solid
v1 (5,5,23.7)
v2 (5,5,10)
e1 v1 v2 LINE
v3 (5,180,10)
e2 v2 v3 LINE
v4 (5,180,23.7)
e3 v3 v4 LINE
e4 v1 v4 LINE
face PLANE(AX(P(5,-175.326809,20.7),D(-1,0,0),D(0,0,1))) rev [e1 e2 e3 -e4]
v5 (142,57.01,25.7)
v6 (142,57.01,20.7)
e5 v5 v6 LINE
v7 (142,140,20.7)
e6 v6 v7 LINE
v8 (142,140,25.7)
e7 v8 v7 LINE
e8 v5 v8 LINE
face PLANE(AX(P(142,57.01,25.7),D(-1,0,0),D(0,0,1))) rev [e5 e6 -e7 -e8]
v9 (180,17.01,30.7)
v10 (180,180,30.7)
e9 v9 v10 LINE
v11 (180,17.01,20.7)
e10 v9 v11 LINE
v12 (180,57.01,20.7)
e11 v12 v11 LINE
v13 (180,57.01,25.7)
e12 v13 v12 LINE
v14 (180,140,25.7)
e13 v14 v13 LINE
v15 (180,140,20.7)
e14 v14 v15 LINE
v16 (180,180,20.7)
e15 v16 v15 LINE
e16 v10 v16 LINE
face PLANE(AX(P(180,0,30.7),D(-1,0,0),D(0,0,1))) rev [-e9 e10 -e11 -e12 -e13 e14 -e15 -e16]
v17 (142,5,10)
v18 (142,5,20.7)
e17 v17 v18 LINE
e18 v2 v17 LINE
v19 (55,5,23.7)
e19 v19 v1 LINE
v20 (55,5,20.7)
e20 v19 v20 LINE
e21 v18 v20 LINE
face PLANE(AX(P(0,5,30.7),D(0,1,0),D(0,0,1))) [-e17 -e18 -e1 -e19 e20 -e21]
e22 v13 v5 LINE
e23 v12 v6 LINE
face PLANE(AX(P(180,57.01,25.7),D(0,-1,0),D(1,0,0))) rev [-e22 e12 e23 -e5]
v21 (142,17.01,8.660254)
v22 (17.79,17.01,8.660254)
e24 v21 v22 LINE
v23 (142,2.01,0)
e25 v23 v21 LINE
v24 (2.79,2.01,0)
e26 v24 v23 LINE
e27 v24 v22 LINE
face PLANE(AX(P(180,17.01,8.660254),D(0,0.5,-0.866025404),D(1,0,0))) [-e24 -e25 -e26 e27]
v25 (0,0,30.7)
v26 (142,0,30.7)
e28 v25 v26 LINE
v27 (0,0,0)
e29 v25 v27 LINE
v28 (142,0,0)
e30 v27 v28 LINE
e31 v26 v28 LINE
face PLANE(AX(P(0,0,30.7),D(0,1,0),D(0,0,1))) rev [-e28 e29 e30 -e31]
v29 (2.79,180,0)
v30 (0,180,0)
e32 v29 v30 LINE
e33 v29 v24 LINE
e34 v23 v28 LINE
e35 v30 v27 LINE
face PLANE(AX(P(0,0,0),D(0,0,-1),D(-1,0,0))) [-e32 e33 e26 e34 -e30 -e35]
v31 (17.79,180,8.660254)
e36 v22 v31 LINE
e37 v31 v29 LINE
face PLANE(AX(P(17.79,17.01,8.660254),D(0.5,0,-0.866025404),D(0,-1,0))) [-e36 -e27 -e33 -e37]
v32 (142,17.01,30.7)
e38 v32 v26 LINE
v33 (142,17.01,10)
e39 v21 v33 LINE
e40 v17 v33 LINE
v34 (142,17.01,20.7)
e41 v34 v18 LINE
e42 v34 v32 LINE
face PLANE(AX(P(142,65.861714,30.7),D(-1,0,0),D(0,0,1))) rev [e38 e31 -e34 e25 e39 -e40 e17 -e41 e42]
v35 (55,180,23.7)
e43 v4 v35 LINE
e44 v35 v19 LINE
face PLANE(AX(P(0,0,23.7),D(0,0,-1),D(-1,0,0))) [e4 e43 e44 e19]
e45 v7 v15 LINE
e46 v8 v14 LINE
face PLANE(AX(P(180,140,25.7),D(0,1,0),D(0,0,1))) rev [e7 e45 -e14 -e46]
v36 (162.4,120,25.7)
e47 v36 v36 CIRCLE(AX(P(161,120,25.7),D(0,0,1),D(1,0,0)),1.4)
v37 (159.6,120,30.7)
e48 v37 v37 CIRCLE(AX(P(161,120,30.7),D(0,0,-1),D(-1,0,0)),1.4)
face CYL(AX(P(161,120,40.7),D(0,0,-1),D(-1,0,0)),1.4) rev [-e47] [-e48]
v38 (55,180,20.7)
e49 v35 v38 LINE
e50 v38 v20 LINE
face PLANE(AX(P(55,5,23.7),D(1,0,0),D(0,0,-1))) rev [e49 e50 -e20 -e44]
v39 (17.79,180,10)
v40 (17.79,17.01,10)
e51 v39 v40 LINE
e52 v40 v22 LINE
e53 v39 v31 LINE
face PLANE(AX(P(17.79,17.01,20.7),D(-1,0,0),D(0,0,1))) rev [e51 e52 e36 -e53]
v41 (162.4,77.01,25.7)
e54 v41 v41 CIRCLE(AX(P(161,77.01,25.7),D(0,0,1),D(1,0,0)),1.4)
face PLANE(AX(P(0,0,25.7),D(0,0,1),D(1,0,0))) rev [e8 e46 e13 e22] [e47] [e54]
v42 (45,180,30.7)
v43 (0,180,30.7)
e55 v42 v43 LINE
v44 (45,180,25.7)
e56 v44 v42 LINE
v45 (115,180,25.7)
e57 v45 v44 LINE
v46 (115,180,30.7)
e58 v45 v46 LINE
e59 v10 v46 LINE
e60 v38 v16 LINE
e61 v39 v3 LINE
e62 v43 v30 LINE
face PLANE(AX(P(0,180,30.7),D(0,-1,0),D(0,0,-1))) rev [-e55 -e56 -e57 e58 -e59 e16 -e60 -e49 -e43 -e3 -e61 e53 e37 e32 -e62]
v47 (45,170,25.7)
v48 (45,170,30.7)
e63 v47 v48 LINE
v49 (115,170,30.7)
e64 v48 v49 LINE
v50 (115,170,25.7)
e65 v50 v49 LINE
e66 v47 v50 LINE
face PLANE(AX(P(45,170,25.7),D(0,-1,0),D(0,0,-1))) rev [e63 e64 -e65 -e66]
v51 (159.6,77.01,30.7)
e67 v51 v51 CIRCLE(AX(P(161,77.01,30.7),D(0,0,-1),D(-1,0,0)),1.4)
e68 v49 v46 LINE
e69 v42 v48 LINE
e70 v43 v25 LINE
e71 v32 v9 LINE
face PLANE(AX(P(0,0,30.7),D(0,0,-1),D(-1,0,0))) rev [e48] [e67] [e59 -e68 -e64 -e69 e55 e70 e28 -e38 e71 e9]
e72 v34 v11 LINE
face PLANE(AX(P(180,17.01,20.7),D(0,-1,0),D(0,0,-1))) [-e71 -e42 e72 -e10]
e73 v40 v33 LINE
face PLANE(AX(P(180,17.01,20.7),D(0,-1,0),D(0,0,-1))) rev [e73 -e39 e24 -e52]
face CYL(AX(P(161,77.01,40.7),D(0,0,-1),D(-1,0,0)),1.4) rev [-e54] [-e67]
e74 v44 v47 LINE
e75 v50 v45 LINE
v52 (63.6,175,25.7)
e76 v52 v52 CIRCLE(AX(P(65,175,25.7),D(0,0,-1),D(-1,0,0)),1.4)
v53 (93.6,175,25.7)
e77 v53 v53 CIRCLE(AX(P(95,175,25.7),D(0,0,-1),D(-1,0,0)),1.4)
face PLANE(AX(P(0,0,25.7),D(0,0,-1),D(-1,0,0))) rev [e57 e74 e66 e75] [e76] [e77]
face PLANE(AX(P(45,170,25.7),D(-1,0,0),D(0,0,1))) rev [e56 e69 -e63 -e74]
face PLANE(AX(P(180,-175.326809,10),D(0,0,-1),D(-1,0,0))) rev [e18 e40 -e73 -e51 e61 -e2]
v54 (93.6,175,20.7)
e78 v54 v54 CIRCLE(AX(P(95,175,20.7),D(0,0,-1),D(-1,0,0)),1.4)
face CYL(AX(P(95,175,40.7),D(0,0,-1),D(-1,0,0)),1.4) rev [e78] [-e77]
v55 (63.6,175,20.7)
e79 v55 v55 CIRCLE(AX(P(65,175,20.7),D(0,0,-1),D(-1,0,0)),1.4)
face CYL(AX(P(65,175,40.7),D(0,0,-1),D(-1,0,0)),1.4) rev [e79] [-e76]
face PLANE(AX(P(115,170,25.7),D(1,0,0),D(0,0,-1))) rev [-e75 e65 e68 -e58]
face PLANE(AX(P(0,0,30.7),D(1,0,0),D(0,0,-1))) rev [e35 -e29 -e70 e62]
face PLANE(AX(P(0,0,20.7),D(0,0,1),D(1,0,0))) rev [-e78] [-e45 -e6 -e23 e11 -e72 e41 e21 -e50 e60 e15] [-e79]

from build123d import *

# Parameters (mm, degrees)
CROQUIS1_W              = 180
CROQUIS1_H              = 180
SALIENTE_EXTRUIR1_DEPTH = 30.7
CROQUIS2_W              = 162.21
CROQUIS2_H              = 162.99
CORTAR_EXTRUIR1_DEPTH   = 20.7
CROQUIS4_W              = 175
CROQUIS4_H              = 10.7
CORTAR_EXTRUIR2_DEPTH   = 175
CORTAR_EXTRUIR3_REACH   = 258.403
CROQUIS5_W              = 38
CROQUIS5_H              = 30.7
CROQUIS6_W              = 38
CROQUIS6_H              = 82.99
CORTAR_EXTRUIR4_DEPTH   = 5
CROQUIS7_W              = 50
CROQUIS7_H              = 175
CORTAR_EXTRUIR5_DEPTH   = 3
CROQUIS8_W              = 70
CROQUIS8_H              = 10
CORTAR_EXTRUIR6_DEPTH   = 5
CHAFL_N1_SIZE           = 15
CHAFL_N1_SIZE2          = 8.660254038
CROQUIS9_R              = 1.4
CORTAR_EXTRUIR7_DEPTH   = 20


with BuildPart() as part:
    # Croquis1 → Saliente-Extruir1 (new body)
    with BuildSketch(Plane.XY):
        with Locations((90, 90)):
            Rectangle(CROQUIS1_W, CROQUIS1_H)
    extrude(amount=SALIENTE_EXTRUIR1_DEPTH)

    # Croquis2 → Cortar-Extruir1 (cut)
    with BuildSketch(Plane(origin=(0, 0, 0), x_dir=(-1, 0, 0), z_dir=(0, 0, -1))):
        with Locations((-98.895, 98.505)):
            Rectangle(CROQUIS2_W, CROQUIS2_H)
    extrude(amount=-CORTAR_EXTRUIR1_DEPTH, mode=Mode.SUBTRACT)

    # Croquis4 → Cortar-Extruir2 (cut)
    with BuildSketch(Plane(origin=(0, 180, 0), x_dir=(1, 0, 0), z_dir=(0, 1, 0))):
        with Locations((92.5, -15.35)):
            Rectangle(CROQUIS4_W, CROQUIS4_H)
    extrude(amount=-CORTAR_EXTRUIR2_DEPTH, mode=Mode.SUBTRACT)

    # Cortar-Extruir3: up to this face of the body (flat: up to its plane)
    cortar_extruir3_end = Plane(part.part.faces().sort_by_distance((98.895, 17.01, 5))[0])
    # Croquis5 → Cortar-Extruir3 (cut, up to the picked face)
    with BuildSketch(Plane.XZ, mode=Mode.PRIVATE) as cortar_extruir3_sk1:
        with Locations((161, 15.35)):
            Rectangle(CROQUIS5_W, CROQUIS5_H)
    cortar_extruir3_tool1 = split(extrude(cortar_extruir3_sk1.sketch, amount=-CORTAR_EXTRUIR3_REACH, mode=Mode.PRIVATE), bisect_by=cortar_extruir3_end, keep=Keep.BOTH, mode=Mode.PRIVATE)
    add(cortar_extruir3_tool1.solids().sort_by(Axis((161, 0, 15.35), (0, 1, 0)))[0], mode=Mode.SUBTRACT)

    # Croquis6 → Cortar-Extruir4 (cut)
    with BuildSketch(Plane(origin=(0, 0, 20.7), x_dir=(-1, 0, 0), z_dir=(0, 0, -1))):
        with Locations((-161, 98.505)):
            Rectangle(CROQUIS6_W, CROQUIS6_H)
    extrude(amount=-CORTAR_EXTRUIR4_DEPTH, mode=Mode.SUBTRACT)

    # Croquis7 → Cortar-Extruir5 (cut)
    with BuildSketch(Plane(origin=(0, 0, 20.7), x_dir=(-1, 0, 0), z_dir=(0, 0, -1))):
        with Locations((-30, 92.5)):
            Rectangle(CROQUIS7_W, CROQUIS7_H)
    extrude(amount=-CORTAR_EXTRUIR5_DEPTH, mode=Mode.SUBTRACT)

    # Croquis8 → Cortar-Extruir6 (cut)
    with BuildSketch(Plane.XY.offset(30.7)):
        with Locations((80, 175)):
            Rectangle(CROQUIS8_W, CROQUIS8_H)
    extrude(amount=-CORTAR_EXTRUIR6_DEPTH, mode=Mode.SUBTRACT)

    # Chaflán1
    chafl_n1_edges = [part.edges().sort_by_distance(p)[0] for p in [
        (17.79, 98.505, 0),
        (79.895, 17.01, 0),
    ]]
    chafl_n1_side = [part.faces().sort_by_distance(p)[0] for p in [
        (8.895, 177.707315983, 0),
    ]]
    chamfer(chafl_n1_edges, length=CHAFL_N1_SIZE, length2=CHAFL_N1_SIZE2, reference=chafl_n1_side[0])

    # Croquis9 → Cortar-Extruir7 (cut)
    with BuildSketch(Plane(origin=(0, 0, 20.7), x_dir=(-1, 0, 0), z_dir=(0, 0, -1))):
        with Locations((-161, 77.01)):
            Circle(CROQUIS9_R)
        with Locations((-161, 120)):
            Circle(CROQUIS9_R)
        with Locations((-65, 175)):
            Circle(CROQUIS9_R)
        with Locations((-95, 175)):
            Circle(CROQUIS9_R)
    extrude(amount=-CORTAR_EXTRUIR7_DEPTH, mode=Mode.SUBTRACT)


solid = part.part
